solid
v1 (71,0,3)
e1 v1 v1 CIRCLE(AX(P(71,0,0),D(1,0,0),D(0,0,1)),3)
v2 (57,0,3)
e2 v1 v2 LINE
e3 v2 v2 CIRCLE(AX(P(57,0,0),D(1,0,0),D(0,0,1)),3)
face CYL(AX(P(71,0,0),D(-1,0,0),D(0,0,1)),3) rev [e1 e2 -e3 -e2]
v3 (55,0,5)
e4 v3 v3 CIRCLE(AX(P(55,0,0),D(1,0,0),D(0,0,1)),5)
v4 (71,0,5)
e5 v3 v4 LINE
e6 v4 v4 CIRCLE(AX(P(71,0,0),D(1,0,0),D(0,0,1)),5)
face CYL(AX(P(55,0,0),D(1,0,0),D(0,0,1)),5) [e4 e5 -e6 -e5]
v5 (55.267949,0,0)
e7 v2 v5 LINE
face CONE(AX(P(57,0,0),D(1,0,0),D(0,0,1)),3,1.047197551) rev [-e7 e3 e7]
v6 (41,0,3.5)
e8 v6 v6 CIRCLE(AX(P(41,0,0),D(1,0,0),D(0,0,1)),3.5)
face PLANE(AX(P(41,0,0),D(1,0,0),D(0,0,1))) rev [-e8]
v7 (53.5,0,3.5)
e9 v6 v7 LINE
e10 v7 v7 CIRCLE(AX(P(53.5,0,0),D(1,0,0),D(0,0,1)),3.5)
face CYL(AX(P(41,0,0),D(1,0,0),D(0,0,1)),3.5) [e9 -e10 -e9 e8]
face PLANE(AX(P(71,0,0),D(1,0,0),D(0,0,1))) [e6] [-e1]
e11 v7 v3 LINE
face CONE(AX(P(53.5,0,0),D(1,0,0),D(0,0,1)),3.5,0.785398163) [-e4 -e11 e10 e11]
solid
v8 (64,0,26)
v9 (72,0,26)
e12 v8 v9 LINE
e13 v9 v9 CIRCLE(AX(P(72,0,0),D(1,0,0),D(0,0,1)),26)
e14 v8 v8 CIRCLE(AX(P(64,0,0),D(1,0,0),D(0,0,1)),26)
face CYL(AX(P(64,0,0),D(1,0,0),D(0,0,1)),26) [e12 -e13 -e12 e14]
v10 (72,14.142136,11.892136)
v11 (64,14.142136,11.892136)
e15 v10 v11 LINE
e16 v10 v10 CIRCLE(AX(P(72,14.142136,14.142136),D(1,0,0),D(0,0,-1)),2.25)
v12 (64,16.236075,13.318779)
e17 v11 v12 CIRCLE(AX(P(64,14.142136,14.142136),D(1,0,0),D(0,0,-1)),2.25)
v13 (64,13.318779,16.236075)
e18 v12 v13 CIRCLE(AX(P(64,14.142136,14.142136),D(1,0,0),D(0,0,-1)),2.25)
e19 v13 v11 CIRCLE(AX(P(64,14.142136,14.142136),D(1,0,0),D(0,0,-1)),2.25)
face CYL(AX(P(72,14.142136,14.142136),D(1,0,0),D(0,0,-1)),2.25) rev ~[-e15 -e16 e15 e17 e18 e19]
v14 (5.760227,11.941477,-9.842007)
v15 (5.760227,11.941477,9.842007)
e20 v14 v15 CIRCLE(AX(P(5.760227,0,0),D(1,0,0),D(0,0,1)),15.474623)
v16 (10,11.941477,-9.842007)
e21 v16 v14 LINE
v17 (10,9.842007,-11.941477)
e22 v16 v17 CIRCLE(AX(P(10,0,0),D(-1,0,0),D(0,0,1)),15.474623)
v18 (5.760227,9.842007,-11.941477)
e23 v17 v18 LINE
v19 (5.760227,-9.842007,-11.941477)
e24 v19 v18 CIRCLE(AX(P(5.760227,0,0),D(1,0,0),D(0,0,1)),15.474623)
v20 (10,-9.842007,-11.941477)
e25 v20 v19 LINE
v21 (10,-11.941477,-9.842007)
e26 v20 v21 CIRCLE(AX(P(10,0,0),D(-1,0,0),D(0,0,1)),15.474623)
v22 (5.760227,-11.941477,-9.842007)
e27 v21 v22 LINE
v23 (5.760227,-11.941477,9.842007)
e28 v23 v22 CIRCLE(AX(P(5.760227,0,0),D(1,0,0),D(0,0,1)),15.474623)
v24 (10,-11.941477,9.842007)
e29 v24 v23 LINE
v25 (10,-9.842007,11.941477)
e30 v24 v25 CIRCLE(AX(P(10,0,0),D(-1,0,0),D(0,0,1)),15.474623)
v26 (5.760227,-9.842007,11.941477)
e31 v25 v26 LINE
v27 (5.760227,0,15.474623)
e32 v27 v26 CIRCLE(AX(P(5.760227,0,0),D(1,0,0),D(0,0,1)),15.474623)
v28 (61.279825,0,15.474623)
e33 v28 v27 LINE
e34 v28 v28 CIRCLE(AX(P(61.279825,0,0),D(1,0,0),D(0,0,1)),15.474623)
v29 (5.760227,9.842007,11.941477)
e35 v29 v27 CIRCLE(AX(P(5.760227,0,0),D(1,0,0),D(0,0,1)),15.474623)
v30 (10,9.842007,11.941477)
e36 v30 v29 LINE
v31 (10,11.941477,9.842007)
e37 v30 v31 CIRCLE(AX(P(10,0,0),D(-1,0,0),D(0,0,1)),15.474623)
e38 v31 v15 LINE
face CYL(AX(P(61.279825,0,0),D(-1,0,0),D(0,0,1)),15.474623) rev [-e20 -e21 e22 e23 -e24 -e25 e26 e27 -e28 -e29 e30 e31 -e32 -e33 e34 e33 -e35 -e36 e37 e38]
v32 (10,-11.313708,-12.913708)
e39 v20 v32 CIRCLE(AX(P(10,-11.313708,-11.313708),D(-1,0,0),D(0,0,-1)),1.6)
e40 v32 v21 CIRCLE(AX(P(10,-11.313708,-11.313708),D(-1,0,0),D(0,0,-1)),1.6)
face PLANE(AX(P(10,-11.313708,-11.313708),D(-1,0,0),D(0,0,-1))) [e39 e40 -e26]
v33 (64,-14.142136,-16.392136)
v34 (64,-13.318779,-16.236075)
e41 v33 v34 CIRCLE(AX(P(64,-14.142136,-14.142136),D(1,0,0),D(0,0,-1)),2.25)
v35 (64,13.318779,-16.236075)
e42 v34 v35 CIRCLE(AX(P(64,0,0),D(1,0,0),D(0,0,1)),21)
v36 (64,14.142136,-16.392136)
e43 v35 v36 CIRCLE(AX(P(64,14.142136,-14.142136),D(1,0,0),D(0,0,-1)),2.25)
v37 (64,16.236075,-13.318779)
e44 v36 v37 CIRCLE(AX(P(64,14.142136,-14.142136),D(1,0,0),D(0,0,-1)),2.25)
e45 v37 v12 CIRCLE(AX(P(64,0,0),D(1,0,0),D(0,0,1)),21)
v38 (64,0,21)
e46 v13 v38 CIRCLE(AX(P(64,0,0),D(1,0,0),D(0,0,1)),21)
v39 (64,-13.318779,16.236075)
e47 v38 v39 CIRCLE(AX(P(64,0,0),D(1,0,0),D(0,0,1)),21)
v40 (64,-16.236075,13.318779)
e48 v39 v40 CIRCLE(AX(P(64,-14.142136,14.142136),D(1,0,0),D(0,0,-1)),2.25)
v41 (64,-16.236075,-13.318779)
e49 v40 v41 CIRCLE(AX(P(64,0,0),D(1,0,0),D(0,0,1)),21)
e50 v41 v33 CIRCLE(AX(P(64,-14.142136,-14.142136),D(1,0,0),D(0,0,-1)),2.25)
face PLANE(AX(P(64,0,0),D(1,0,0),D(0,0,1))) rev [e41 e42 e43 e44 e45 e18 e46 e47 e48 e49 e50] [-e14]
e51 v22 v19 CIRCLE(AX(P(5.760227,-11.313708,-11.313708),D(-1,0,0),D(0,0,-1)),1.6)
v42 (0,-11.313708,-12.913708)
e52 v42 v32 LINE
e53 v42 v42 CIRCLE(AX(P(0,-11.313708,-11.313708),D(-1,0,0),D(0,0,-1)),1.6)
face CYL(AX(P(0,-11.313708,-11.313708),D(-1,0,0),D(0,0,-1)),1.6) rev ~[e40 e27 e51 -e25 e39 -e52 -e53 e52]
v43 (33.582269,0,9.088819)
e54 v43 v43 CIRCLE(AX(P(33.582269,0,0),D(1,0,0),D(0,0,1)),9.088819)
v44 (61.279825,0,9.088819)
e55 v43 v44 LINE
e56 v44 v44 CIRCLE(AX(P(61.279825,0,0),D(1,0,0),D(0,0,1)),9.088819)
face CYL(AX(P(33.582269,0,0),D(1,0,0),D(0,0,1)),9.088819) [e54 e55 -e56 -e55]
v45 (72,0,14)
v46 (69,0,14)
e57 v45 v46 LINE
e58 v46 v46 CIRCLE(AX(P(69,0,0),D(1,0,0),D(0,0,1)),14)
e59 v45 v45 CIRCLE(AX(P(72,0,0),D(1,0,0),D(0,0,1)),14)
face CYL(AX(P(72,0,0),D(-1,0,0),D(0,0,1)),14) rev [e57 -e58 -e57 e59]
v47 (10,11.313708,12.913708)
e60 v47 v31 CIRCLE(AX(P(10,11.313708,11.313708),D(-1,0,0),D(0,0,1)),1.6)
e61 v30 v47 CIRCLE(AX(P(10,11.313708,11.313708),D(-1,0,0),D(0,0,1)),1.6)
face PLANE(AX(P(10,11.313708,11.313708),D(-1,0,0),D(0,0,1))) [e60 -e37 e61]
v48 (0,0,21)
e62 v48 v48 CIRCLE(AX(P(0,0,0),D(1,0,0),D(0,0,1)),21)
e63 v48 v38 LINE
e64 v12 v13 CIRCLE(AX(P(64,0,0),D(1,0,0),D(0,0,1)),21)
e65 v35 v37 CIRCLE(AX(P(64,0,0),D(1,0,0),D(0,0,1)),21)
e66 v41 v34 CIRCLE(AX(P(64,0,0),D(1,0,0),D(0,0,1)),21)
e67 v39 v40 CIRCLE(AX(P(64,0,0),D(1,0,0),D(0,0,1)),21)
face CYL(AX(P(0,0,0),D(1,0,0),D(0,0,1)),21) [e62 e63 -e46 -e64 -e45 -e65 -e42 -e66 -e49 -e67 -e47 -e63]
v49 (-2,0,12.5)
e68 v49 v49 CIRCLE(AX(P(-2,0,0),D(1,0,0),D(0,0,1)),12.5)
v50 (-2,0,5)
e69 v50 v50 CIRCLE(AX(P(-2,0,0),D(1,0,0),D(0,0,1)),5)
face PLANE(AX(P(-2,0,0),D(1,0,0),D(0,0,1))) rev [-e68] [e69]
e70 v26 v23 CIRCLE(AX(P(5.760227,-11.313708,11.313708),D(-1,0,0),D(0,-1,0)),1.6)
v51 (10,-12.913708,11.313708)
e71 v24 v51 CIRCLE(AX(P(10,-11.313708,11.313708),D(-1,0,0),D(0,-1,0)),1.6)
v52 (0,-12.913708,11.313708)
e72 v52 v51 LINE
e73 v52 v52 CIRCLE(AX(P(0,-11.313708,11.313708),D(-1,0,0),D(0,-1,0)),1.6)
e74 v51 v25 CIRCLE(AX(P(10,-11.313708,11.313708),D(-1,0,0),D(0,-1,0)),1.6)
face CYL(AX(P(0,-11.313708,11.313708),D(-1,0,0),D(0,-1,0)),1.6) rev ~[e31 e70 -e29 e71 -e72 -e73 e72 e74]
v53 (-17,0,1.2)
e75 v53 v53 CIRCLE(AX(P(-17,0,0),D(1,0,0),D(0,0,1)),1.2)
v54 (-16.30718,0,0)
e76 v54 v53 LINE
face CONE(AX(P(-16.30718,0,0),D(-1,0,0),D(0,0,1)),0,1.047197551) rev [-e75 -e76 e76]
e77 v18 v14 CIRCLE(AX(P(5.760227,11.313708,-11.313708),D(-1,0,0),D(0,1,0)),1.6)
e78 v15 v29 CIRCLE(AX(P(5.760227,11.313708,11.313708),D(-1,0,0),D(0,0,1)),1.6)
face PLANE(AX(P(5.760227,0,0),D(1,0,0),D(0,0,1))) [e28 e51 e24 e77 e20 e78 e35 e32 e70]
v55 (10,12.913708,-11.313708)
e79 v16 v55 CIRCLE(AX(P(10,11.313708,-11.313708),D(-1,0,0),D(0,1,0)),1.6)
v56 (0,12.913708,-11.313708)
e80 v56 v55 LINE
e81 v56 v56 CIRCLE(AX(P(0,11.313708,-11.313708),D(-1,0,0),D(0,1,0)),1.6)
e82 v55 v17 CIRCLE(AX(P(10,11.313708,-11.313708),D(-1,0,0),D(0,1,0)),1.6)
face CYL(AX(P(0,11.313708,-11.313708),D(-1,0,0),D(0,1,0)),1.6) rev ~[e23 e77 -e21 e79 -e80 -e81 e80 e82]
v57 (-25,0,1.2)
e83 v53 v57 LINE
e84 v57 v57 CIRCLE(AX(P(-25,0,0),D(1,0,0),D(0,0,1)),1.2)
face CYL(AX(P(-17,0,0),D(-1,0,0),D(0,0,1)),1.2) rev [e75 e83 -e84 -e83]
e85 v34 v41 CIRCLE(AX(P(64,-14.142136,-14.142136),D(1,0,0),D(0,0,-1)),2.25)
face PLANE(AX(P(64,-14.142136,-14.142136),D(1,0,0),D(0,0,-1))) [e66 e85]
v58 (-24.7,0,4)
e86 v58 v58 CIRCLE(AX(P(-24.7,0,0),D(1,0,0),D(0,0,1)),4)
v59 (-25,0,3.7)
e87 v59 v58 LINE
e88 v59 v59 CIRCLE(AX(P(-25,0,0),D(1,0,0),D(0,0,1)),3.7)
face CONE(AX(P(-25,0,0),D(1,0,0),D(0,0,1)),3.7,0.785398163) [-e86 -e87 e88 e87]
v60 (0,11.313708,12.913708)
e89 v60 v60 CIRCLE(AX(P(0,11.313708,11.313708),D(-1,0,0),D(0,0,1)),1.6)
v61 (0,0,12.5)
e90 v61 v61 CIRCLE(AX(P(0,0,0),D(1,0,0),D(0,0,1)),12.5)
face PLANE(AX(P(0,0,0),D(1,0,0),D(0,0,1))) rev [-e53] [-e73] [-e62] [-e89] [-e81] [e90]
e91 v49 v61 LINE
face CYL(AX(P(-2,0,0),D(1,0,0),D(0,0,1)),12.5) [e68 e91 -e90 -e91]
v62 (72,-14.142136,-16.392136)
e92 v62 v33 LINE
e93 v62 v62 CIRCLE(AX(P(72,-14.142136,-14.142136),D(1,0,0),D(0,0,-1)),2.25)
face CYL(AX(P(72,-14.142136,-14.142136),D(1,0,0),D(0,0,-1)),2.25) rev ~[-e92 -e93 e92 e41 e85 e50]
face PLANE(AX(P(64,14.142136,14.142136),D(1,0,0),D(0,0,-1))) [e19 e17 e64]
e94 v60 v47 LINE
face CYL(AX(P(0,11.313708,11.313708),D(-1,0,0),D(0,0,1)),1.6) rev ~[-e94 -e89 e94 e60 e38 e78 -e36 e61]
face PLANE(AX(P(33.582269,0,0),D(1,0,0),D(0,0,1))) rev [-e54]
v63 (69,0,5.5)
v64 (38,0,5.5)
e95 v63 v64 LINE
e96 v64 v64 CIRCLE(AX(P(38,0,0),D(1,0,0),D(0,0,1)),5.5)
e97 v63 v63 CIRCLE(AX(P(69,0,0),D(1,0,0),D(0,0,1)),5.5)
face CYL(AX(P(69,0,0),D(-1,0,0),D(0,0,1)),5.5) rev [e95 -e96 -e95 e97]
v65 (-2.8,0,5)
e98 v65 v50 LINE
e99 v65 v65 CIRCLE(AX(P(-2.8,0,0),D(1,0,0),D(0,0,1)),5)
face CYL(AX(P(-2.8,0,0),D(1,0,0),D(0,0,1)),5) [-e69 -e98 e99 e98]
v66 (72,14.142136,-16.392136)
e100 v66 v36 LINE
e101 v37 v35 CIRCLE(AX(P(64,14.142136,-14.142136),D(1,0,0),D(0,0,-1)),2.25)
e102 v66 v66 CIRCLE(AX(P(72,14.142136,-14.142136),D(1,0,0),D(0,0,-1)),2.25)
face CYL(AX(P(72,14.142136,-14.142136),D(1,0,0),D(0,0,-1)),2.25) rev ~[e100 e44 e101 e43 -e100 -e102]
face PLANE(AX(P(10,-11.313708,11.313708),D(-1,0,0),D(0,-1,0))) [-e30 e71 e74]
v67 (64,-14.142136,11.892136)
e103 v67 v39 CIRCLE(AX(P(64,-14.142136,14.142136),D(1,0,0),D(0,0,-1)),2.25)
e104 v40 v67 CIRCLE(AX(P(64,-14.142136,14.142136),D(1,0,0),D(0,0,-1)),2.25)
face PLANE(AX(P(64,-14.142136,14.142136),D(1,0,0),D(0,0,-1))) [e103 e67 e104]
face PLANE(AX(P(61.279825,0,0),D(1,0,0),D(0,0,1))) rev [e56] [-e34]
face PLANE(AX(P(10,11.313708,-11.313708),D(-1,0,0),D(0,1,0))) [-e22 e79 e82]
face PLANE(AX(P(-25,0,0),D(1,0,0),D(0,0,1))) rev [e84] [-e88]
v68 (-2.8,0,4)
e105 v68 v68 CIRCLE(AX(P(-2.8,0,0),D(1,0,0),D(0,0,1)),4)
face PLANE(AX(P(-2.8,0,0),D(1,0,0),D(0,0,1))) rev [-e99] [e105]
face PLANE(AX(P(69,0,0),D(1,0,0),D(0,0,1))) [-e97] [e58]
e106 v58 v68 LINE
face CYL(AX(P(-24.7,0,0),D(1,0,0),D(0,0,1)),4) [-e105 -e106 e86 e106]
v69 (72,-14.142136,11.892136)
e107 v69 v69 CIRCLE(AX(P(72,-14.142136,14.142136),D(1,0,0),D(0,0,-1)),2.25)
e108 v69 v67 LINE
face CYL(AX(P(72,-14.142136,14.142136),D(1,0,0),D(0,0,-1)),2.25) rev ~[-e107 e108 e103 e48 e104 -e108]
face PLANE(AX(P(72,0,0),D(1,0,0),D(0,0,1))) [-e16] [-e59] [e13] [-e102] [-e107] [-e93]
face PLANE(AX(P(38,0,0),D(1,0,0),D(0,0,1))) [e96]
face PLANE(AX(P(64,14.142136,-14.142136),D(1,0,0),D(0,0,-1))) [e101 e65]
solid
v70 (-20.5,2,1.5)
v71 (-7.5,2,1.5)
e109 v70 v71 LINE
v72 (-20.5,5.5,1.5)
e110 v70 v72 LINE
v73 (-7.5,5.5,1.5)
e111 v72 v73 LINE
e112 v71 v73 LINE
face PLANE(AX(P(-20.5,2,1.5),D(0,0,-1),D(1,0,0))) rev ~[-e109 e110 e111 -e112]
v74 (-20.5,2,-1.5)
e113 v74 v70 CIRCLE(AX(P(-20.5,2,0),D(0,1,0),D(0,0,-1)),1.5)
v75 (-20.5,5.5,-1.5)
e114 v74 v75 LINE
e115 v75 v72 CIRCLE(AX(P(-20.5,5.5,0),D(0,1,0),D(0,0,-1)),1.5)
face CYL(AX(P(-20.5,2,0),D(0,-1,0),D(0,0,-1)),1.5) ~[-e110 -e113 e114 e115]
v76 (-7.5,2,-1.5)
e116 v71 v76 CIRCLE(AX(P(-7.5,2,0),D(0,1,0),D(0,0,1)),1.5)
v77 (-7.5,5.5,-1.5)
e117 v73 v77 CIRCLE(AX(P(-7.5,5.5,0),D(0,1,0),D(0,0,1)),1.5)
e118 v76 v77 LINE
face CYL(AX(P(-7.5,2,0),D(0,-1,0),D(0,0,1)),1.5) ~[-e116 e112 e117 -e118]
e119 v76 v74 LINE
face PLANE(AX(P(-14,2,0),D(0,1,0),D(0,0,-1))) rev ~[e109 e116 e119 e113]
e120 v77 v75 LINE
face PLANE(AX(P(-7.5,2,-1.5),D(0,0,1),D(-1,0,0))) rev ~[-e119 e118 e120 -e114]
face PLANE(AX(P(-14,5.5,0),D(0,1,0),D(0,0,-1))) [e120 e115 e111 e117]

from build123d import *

# Parameters (mm, degrees)
VYSUNOUT1_DEPTH          = 1.5
VYSUNOUT1_DEPTH_BACK     = 2
SKICA4_R                 = 1.6
ODEBRAT_VYSUNUT_M1_DEPTH = 10
KRUHOV_POLE1_COUNT       = 4
SKICA5_R                 = 2.25
ODEBRAT_VYSUNUT_M2_DEPTH = 8


with BuildPart() as part:
    # Skica1 → Rotovat1 (revolve)
    with BuildSketch(Plane.XY, mode=Mode.PRIVATE) as rotovat1_sk:
        Polygon((-25, 1.2), (-25, 3.7), (-24.7, 4), (-2.8, 4), (-2.8, 5), (-2, 5), (-2, 12.5), (0, 12.5), (0, 21), (64, 21), (64, 26), (72, 26), (72, 14), (69, 14), (69, 5.5), (38, 5.5), (38, 0), (33.582268589, 0), (33.582268589, 9.088819243), (61.279825372, 9.088819243), (61.279825372, 15.474623239), (5.76022676, 15.474623239), (5.76022676, 0), (-16.307179677, 0), (-17, 1.2), align=None)
    revolve(rotovat1_sk.sketch.rotate(Axis((-80.036458333, 0, 0), (1, 0, 0)), 90), axis=Axis((-80.036458333, 0, 0), (1, 0, 0)))

    # Skica4 → Odebrat vysunutím1 (cut)
    with BuildSketch(Plane.ZY):
        with Locations((11.313708499, 11.313708499)):
            Circle(SKICA4_R)
    odebrat_vysunut_m1 = extrude(amount=-ODEBRAT_VYSUNUT_M1_DEPTH, mode=Mode.SUBTRACT)

    # Kruhové pole1: Odebrat vysunutím1 ×4 about axis
    kruhov_pole1_axis = Axis((0, 0, 0), (1, 0, 0))
    for i in range(1, KRUHOV_POLE1_COUNT):
        add(odebrat_vysunut_m1.rotate(kruhov_pole1_axis, i * 360 / KRUHOV_POLE1_COUNT), mode=Mode.SUBTRACT)

    # Skica5 → Odebrat vysunutím2 (cut)
    with BuildSketch(Plane(origin=(72, 0, 0), x_dir=(0, 0, -1), z_dir=(1, 0, 0))):
        with Locations((14.142135624, 14.142135624)):
            Circle(SKICA5_R)
        with Locations((14.142135624, -14.142135624)):
            Circle(SKICA5_R)
        with Locations((-14.142135624, -14.142135624)):
            Circle(SKICA5_R)
        with Locations((-14.142135624, 14.142135624)):
            Circle(SKICA5_R)
    extrude(amount=-ODEBRAT_VYSUNUT_M2_DEPTH, mode=Mode.SUBTRACT)


with BuildPart() as body_2:
    # Skica2 → Rotovat2 (revolve)
    with BuildSketch(Plane.XY, mode=Mode.PRIVATE) as rotovat2_sk:
        Polygon((41, 0), (41, 3.5), (53.5, 3.5), (55, 5), (71, 5), (71, 3), (57, 3), (55.267949192, 0), align=None)
    revolve(rotovat2_sk.sketch.rotate(Axis((0, 0, 0), (1, 0, 0)), 90), axis=Axis((0, 0, 0), (1, 0, 0)))


with BuildPart() as body_3:
    # Skica3 → Vysunout1 (new, two sides: drawn at the far end of the back side and taken through both)
    with BuildSketch(Plane(origin=(-13.75, 4, 0), x_dir=(0, 0, -1), z_dir=(0, 1, 0)).offset(-VYSUNOUT1_DEPTH_BACK)):
        with BuildLine():
            Line((1.5, -6.25), (1.5, 6.75))
            ThreePointArc((1.5, 6.75), (0, 8.25), (-1.5, 6.75))
            Line((-1.5, 6.75), (-1.5, -6.25))
            ThreePointArc((-1.5, -6.25), (0, -7.75), (1.5, -6.25))
        make_face()
    extrude(amount=VYSUNOUT1_DEPTH + VYSUNOUT1_DEPTH_BACK)


solid = Compound([part.part, body_2.part, body_3.part])
